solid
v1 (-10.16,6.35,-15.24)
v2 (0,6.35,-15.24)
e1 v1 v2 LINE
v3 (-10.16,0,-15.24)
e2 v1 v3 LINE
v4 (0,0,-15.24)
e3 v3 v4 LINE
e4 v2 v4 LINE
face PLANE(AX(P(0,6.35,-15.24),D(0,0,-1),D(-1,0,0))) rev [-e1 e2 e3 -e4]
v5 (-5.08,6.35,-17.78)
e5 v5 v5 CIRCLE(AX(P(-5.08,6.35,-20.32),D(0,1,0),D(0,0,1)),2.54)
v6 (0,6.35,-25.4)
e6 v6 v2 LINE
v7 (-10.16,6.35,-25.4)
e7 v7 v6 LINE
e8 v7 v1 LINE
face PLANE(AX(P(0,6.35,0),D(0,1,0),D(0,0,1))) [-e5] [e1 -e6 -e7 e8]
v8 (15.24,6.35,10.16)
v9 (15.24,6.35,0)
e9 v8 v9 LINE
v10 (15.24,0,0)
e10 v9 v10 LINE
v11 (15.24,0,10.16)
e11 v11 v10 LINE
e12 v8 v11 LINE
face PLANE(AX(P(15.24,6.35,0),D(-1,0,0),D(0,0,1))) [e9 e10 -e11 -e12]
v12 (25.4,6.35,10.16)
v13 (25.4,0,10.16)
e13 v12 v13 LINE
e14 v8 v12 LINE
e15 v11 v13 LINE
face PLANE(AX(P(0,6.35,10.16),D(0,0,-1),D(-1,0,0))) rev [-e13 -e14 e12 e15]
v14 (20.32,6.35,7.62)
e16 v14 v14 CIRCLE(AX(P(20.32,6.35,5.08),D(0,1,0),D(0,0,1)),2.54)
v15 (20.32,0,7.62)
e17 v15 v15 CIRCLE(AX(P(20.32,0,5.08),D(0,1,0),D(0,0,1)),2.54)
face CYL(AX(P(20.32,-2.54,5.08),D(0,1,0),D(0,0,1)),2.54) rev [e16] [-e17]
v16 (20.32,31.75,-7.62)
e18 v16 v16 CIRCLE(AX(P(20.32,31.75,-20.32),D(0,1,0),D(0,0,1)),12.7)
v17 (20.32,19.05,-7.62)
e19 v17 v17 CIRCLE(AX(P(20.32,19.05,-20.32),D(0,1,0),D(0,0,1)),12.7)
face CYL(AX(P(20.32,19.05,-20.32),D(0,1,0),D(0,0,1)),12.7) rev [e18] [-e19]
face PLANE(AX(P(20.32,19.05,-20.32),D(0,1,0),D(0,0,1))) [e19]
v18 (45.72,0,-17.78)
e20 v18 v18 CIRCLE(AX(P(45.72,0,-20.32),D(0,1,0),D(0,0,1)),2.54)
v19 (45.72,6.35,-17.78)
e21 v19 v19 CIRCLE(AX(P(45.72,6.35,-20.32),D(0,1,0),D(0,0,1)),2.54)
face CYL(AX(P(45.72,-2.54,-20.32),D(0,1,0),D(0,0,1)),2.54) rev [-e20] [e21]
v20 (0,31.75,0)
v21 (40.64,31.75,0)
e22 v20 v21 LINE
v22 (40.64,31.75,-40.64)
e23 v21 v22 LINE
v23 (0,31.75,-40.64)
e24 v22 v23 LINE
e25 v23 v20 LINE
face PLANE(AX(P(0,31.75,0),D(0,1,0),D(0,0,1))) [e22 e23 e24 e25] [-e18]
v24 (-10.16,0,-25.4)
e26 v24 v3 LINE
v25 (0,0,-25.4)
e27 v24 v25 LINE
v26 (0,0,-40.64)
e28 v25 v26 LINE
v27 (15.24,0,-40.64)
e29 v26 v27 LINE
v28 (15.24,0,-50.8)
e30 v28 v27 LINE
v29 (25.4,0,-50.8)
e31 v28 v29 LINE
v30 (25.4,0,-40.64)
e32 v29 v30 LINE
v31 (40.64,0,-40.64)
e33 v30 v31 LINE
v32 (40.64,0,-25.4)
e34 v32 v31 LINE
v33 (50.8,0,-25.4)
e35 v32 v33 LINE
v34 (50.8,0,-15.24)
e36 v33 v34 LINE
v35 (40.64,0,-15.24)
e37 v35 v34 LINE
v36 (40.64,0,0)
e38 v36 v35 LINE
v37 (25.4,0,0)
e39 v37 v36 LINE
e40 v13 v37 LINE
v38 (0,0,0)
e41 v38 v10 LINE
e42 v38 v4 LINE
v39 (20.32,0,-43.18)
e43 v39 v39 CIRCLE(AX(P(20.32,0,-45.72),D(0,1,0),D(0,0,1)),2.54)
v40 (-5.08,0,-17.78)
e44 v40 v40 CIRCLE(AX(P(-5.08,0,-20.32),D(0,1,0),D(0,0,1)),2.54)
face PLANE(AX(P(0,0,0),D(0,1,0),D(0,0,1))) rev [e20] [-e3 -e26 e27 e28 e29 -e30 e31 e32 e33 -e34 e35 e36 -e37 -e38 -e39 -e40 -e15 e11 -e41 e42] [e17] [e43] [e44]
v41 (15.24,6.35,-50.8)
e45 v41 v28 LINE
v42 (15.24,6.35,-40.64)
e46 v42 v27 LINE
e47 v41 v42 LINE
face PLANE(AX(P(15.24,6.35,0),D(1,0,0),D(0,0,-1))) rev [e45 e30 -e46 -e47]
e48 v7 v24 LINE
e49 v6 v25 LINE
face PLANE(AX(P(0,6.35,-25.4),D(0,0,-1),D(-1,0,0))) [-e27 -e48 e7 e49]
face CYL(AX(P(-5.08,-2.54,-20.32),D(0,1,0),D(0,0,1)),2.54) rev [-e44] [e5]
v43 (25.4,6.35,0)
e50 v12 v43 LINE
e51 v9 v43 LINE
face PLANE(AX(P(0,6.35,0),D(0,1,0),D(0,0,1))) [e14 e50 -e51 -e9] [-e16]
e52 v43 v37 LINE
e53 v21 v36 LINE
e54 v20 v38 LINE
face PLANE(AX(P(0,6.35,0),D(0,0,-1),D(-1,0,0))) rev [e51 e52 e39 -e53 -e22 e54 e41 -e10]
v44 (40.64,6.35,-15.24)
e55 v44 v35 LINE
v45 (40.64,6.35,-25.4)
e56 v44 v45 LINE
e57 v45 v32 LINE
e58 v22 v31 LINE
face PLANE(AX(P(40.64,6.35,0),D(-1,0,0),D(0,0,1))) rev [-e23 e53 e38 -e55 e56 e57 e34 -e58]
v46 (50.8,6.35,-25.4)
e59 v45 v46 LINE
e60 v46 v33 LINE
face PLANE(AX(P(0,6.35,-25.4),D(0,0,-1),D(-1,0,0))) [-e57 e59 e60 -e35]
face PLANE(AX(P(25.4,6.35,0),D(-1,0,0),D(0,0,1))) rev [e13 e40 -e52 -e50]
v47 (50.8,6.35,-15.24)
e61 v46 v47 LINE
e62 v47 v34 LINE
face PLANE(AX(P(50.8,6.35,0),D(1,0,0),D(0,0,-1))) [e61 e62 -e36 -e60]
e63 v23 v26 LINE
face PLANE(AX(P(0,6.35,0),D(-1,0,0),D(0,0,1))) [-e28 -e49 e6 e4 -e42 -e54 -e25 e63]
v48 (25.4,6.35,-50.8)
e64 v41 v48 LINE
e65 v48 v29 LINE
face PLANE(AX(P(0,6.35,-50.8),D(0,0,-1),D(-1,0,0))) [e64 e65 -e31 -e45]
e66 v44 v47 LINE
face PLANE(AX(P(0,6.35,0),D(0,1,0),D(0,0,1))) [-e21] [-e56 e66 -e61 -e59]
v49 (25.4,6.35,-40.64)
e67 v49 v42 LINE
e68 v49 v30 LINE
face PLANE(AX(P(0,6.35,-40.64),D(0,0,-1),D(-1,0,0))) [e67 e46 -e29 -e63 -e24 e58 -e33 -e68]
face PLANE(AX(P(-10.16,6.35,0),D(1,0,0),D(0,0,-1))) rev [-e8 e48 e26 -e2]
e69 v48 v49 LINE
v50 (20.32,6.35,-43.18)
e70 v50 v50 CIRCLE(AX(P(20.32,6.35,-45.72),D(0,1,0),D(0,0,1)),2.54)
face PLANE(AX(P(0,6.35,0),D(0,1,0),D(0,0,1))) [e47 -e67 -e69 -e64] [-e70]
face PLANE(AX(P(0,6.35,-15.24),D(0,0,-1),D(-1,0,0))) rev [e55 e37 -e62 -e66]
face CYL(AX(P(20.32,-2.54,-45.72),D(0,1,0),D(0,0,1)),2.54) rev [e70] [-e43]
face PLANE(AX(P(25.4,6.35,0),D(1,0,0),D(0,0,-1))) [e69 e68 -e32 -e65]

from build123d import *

# Parameters (mm, degrees)
SKETCH1_W           = 10.16
SKETCH1_H           = 10.16
SKETCH1_W_2         = 40.64
SKETCH1_H_2         = 40.64
BOSS_EXTRUDE1_DEPTH = 6.35
SKETCH2_R           = 2.54
CUT_EXTRUDE1_DEPTH  = 8.89
SKETCH3_W           = 40.64
SKETCH3_H           = 40.64
BODY_EXTRUDE_DEPTH  = 25.4
SKETCH4_R           = 12.7
MOTOR_HOLE_DEPTH    = 12.7


with BuildPart() as part:
    # Sketch1 → Boss-Extrude1 (new body)
    with BuildSketch(Plane(origin=(0, 0, 0), x_dir=(1, 0, 0), z_dir=(0, 1, 0))):
        with Locations((-5.08, 20.32)):
            Rectangle(SKETCH1_W, SKETCH1_H)
        with Locations((20.32, 45.72)):
            Rectangle(SKETCH1_W, SKETCH1_H)
        with Locations((20.32, 20.32)):
            Rectangle(SKETCH1_W_2, SKETCH1_H_2)
        with Locations((45.72, 20.32)):
            Rectangle(SKETCH1_W, SKETCH1_H)
        with Locations((20.32, -5.08)):
            Rectangle(SKETCH1_W, SKETCH1_H)
    extrude(amount=BOSS_EXTRUDE1_DEPTH)

    # Sketch2 → Cut-Extrude1 (cut)
    with BuildSketch(Plane(origin=(0, 6.35, 0), x_dir=(1, 0, 0), z_dir=(0, 1, 0))):
        with Locations((-5.08, 20.32)):
            Circle(SKETCH2_R)
        with Locations((20.32, 45.72)):
            Circle(SKETCH2_R)
        with Locations((45.72, 20.32)):
            Circle(SKETCH2_R)
        with Locations((20.32, -5.08)):
            Circle(SKETCH2_R)
    extrude(amount=-CUT_EXTRUDE1_DEPTH, mode=Mode.SUBTRACT)

    # Sketch3 → body_extrude (add)
    with BuildSketch(Plane(origin=(0, 6.35, 0), x_dir=(1, 0, 0), z_dir=(0, 1, 0))):
        with Locations((20.32, 20.32)):
            Rectangle(SKETCH3_W, SKETCH3_H)
    extrude(amount=BODY_EXTRUDE_DEPTH)

    # Sketch4 → motor_hole (cut)
    with BuildSketch(Plane(origin=(0, 31.75, 0), x_dir=(1, 0, 0), z_dir=(0, 1, 0))):
        with Locations((20.32, 20.32)):
            Circle(SKETCH4_R)
    extrude(amount=-MOTOR_HOLE_DEPTH, mode=Mode.SUBTRACT)


solid = part.part
